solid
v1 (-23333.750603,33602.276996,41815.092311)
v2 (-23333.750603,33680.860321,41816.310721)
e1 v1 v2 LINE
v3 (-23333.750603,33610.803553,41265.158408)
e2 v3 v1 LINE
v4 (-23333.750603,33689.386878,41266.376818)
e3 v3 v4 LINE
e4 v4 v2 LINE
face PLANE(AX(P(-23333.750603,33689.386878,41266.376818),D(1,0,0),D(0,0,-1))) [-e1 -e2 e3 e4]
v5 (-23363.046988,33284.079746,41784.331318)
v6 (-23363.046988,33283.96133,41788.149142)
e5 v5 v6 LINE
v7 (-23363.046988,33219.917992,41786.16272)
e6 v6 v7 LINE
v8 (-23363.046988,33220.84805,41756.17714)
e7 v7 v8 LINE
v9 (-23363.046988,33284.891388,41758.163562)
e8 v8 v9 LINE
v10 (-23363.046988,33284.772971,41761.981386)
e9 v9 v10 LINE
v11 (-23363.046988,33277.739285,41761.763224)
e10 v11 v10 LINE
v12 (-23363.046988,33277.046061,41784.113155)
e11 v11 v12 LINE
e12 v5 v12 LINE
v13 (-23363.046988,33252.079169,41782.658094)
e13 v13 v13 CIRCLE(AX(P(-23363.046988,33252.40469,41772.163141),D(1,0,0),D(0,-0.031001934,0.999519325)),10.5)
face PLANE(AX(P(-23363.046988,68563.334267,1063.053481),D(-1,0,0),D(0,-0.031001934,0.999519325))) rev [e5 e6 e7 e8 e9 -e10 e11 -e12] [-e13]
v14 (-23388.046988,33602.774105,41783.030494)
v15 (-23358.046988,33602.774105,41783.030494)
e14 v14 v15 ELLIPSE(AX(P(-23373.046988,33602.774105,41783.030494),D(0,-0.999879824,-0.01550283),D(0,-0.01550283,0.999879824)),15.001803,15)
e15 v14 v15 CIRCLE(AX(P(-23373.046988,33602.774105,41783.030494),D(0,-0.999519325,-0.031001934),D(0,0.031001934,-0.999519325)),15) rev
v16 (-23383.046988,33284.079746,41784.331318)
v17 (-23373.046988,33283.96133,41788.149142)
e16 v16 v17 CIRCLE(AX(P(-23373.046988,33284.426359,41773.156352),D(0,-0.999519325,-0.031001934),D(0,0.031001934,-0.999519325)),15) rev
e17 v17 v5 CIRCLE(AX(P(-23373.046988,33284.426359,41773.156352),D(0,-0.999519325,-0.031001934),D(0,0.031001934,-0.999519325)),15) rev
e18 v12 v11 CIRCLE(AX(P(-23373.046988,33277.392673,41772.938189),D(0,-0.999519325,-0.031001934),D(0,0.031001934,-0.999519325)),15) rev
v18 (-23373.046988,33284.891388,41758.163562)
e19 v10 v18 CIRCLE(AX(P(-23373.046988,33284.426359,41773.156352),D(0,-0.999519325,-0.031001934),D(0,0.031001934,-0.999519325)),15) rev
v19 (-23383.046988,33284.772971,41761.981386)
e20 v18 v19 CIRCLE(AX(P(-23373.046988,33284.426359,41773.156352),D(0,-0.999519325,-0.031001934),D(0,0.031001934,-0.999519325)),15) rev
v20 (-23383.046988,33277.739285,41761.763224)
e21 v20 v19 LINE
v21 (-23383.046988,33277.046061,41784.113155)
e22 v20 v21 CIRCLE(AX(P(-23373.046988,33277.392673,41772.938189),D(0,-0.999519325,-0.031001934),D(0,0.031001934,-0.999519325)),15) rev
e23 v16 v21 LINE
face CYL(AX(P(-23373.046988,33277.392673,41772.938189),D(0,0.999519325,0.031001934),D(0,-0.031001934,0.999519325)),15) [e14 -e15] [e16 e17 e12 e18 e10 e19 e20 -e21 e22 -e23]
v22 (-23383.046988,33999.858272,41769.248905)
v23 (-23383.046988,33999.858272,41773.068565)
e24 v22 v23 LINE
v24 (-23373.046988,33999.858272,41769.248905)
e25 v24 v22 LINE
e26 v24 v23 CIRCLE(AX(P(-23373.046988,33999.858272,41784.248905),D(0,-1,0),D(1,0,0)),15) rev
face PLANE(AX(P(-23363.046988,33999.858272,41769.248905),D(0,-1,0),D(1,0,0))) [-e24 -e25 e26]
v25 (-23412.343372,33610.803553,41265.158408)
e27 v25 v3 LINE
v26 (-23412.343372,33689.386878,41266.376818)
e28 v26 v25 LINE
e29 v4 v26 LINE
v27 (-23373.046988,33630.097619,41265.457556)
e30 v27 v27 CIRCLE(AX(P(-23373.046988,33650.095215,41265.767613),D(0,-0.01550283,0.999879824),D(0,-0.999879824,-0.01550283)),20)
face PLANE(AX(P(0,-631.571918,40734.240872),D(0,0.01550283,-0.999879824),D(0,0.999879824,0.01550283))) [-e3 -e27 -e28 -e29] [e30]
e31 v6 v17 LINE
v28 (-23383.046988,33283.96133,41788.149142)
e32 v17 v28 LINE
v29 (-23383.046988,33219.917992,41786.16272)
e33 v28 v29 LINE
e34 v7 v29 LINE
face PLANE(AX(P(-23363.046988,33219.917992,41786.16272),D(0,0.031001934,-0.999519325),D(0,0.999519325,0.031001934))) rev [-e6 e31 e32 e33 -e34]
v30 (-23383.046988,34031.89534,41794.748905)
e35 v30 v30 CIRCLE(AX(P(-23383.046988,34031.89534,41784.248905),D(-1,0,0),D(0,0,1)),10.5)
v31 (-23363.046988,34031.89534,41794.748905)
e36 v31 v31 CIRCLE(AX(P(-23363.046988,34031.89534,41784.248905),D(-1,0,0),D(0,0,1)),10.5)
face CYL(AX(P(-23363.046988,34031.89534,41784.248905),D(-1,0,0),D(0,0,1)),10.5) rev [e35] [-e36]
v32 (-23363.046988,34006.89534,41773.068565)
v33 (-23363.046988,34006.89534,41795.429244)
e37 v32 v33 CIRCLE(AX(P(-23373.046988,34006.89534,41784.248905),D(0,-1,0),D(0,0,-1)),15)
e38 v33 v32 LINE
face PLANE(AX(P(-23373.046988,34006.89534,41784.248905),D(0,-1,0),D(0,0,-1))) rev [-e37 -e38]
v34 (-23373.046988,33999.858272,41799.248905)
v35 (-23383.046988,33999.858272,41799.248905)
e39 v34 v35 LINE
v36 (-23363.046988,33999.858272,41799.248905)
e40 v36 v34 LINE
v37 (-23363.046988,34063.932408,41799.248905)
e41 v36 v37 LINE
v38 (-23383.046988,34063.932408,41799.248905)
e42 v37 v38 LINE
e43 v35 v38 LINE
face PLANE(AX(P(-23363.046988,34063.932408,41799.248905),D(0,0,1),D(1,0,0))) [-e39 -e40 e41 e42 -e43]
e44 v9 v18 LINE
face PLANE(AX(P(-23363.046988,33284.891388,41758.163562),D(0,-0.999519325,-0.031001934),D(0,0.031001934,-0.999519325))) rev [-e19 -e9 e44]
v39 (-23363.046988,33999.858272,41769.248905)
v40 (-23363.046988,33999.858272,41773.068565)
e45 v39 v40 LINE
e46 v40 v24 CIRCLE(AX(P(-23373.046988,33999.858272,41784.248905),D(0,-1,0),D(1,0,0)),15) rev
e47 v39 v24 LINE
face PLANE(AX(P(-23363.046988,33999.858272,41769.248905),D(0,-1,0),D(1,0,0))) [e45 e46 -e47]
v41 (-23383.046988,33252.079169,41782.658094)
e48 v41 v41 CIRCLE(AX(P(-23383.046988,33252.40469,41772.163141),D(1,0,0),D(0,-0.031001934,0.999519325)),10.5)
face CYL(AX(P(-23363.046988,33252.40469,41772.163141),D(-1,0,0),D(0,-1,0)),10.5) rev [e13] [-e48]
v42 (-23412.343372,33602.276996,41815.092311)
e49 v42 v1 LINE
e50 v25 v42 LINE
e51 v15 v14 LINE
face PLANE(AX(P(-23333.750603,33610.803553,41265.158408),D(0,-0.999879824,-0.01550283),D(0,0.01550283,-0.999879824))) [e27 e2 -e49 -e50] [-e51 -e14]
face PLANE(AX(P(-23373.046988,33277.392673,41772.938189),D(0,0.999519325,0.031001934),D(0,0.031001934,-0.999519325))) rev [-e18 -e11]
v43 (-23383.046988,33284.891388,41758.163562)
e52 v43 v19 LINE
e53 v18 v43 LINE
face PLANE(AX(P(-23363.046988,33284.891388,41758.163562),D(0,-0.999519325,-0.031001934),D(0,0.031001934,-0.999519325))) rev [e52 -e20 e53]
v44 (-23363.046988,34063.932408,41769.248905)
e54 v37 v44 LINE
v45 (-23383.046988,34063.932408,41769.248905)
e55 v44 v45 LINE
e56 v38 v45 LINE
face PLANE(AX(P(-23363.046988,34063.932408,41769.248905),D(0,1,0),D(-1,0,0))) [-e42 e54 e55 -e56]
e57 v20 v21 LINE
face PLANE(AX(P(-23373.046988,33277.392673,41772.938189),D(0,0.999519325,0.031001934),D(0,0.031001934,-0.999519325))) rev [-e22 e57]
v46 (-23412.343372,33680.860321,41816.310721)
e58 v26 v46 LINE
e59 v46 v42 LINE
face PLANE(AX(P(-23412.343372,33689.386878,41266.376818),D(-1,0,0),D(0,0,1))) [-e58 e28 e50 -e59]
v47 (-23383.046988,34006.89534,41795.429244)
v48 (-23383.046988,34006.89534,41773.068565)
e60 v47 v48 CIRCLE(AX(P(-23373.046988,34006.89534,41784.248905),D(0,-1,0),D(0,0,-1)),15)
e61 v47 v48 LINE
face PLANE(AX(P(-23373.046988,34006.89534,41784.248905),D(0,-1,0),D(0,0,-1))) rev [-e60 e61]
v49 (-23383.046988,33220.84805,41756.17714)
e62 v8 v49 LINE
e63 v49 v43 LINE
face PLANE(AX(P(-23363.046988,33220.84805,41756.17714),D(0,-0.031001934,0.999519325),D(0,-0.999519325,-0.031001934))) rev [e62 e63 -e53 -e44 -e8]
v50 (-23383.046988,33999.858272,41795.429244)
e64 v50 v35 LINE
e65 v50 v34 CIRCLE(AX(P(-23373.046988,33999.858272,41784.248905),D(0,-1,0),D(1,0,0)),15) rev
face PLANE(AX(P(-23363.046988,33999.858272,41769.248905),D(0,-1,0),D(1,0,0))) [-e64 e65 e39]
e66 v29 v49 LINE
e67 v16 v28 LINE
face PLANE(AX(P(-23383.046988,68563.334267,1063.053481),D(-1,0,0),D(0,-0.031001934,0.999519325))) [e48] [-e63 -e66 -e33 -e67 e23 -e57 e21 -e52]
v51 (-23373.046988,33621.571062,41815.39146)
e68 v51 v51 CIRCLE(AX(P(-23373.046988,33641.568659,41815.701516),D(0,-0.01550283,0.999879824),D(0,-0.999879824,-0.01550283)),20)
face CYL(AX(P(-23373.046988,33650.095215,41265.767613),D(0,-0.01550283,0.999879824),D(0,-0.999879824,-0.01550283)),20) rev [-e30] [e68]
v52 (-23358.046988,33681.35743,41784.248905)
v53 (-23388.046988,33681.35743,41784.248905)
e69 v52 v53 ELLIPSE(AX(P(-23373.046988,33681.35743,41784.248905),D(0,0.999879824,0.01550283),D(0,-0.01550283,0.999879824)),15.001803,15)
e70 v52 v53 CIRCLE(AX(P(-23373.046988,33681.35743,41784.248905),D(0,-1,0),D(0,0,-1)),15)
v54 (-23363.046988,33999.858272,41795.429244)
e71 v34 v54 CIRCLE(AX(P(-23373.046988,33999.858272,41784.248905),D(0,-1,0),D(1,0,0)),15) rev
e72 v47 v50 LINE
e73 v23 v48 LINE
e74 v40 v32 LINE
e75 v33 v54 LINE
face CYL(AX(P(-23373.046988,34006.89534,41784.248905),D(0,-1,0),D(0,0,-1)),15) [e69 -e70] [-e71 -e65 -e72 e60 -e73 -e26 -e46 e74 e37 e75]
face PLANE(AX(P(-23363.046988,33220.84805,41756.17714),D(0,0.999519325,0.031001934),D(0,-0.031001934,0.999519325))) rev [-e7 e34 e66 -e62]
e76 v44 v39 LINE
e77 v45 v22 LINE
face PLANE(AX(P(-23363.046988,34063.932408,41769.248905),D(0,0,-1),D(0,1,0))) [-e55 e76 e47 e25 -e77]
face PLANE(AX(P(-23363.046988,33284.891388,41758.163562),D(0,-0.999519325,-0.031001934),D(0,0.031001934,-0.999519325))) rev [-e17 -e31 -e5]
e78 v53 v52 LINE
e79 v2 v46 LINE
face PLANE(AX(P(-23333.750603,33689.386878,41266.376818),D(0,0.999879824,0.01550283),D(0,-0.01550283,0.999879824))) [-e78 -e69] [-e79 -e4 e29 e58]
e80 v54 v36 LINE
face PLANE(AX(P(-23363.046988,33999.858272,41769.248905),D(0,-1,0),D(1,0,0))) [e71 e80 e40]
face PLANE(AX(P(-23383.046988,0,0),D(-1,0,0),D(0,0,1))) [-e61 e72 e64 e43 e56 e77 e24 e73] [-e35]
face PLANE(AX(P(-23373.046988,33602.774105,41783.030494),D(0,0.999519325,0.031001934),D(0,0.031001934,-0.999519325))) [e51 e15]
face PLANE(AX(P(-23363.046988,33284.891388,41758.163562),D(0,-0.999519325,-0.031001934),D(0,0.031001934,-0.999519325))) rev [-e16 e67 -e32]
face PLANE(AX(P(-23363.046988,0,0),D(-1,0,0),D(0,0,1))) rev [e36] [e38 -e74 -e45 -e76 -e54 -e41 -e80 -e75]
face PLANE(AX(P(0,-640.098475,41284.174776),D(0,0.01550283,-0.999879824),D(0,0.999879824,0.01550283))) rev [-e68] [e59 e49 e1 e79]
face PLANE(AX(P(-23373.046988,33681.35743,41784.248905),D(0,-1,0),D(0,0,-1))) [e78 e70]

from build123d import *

# Parameters (mm, degrees)
SKETCH1_W           = 78.592769499
SKETCH1_H           = 78.592769498
SKETCH1_R           = 20
BOSS_EXTRUDE4_DEPTH = 550
SWEEP1_PROFILE_R    = 15
SKETCH15_R          = 10.5
BOSS_EXTRUDE5_DEPTH = 10


with BuildPart() as part:
    # Sketch1 → Boss-Extrude4 (new body)
    with BuildSketch(Plane(origin=(4e-09, 27232.877627093, 41716.336726155), x_dir=(1, 0, 0), z_dir=(0, -0.01550283, 0.999879824))):
        with Locations((-23373.04698752, 6409.461295652)):
            Rectangle(SKETCH1_W, SKETCH1_H)
        with Locations((-23373.046987519, 6409.461295652)):
            Circle(SKETCH1_R, mode=Mode.SUBTRACT)
    extrude(amount=-BOSS_EXTRUDE4_DEPTH)

    # Sweep1: sweep along a curve in space
    with BuildLine() as sweep1_path:
        Line((-23373.046987515, 34006.895340042, 41784.248904534), (-23373.046987515, 33681.357429633, 41784.248904534))
    # Sweep1 profile (on start of the path) → Sweep1 (sweep)
    with BuildSketch(Plane(origin=(-23373.046987515, 34006.895340042, 41784.248904534), x_dir=(0, 0, -1), z_dir=(0, -1, 0))):
        Circle(SWEEP1_PROFILE_R)
    sweep1 = sweep(path=sweep1_path.line)

    # Sketch15 → Boss-Extrude5 (add, symmetric)
    with BuildSketch(Plane(origin=(-23373.046987519, 0, 3e-09), x_dir=(0, 0, 1), z_dir=(-1, 0, 0))):
        Polygon((41769.248904556, 34063.932408428), (41799.248904531, 34063.932408428), (41799.248904531, 33999.858271629), (41769.248904531, 33999.858271629), align=None)
        with Locations((41784.248904537, 34031.895340042)):
            Circle(SKETCH15_R, mode=Mode.SUBTRACT)
    boss_extrude5 = extrude(amount=BOSS_EXTRUDE5_DEPTH, both=True)

    # Mirror1: Sweep1, Boss-Extrude5 across plane
    add(sweep1.mirror(Plane(origin=(0, 34281.667133734, 531.526740505), x_dir=(0, -0.01550283, 0.999879824), z_dir=(0, -0.999879824, -0.01550283))))
    add(boss_extrude5.mirror(Plane(origin=(0, 34281.667133734, 531.526740505), x_dir=(0, -0.01550283, 0.999879824), z_dir=(0, -0.999879824, -0.01550283))))


solid = part.part
